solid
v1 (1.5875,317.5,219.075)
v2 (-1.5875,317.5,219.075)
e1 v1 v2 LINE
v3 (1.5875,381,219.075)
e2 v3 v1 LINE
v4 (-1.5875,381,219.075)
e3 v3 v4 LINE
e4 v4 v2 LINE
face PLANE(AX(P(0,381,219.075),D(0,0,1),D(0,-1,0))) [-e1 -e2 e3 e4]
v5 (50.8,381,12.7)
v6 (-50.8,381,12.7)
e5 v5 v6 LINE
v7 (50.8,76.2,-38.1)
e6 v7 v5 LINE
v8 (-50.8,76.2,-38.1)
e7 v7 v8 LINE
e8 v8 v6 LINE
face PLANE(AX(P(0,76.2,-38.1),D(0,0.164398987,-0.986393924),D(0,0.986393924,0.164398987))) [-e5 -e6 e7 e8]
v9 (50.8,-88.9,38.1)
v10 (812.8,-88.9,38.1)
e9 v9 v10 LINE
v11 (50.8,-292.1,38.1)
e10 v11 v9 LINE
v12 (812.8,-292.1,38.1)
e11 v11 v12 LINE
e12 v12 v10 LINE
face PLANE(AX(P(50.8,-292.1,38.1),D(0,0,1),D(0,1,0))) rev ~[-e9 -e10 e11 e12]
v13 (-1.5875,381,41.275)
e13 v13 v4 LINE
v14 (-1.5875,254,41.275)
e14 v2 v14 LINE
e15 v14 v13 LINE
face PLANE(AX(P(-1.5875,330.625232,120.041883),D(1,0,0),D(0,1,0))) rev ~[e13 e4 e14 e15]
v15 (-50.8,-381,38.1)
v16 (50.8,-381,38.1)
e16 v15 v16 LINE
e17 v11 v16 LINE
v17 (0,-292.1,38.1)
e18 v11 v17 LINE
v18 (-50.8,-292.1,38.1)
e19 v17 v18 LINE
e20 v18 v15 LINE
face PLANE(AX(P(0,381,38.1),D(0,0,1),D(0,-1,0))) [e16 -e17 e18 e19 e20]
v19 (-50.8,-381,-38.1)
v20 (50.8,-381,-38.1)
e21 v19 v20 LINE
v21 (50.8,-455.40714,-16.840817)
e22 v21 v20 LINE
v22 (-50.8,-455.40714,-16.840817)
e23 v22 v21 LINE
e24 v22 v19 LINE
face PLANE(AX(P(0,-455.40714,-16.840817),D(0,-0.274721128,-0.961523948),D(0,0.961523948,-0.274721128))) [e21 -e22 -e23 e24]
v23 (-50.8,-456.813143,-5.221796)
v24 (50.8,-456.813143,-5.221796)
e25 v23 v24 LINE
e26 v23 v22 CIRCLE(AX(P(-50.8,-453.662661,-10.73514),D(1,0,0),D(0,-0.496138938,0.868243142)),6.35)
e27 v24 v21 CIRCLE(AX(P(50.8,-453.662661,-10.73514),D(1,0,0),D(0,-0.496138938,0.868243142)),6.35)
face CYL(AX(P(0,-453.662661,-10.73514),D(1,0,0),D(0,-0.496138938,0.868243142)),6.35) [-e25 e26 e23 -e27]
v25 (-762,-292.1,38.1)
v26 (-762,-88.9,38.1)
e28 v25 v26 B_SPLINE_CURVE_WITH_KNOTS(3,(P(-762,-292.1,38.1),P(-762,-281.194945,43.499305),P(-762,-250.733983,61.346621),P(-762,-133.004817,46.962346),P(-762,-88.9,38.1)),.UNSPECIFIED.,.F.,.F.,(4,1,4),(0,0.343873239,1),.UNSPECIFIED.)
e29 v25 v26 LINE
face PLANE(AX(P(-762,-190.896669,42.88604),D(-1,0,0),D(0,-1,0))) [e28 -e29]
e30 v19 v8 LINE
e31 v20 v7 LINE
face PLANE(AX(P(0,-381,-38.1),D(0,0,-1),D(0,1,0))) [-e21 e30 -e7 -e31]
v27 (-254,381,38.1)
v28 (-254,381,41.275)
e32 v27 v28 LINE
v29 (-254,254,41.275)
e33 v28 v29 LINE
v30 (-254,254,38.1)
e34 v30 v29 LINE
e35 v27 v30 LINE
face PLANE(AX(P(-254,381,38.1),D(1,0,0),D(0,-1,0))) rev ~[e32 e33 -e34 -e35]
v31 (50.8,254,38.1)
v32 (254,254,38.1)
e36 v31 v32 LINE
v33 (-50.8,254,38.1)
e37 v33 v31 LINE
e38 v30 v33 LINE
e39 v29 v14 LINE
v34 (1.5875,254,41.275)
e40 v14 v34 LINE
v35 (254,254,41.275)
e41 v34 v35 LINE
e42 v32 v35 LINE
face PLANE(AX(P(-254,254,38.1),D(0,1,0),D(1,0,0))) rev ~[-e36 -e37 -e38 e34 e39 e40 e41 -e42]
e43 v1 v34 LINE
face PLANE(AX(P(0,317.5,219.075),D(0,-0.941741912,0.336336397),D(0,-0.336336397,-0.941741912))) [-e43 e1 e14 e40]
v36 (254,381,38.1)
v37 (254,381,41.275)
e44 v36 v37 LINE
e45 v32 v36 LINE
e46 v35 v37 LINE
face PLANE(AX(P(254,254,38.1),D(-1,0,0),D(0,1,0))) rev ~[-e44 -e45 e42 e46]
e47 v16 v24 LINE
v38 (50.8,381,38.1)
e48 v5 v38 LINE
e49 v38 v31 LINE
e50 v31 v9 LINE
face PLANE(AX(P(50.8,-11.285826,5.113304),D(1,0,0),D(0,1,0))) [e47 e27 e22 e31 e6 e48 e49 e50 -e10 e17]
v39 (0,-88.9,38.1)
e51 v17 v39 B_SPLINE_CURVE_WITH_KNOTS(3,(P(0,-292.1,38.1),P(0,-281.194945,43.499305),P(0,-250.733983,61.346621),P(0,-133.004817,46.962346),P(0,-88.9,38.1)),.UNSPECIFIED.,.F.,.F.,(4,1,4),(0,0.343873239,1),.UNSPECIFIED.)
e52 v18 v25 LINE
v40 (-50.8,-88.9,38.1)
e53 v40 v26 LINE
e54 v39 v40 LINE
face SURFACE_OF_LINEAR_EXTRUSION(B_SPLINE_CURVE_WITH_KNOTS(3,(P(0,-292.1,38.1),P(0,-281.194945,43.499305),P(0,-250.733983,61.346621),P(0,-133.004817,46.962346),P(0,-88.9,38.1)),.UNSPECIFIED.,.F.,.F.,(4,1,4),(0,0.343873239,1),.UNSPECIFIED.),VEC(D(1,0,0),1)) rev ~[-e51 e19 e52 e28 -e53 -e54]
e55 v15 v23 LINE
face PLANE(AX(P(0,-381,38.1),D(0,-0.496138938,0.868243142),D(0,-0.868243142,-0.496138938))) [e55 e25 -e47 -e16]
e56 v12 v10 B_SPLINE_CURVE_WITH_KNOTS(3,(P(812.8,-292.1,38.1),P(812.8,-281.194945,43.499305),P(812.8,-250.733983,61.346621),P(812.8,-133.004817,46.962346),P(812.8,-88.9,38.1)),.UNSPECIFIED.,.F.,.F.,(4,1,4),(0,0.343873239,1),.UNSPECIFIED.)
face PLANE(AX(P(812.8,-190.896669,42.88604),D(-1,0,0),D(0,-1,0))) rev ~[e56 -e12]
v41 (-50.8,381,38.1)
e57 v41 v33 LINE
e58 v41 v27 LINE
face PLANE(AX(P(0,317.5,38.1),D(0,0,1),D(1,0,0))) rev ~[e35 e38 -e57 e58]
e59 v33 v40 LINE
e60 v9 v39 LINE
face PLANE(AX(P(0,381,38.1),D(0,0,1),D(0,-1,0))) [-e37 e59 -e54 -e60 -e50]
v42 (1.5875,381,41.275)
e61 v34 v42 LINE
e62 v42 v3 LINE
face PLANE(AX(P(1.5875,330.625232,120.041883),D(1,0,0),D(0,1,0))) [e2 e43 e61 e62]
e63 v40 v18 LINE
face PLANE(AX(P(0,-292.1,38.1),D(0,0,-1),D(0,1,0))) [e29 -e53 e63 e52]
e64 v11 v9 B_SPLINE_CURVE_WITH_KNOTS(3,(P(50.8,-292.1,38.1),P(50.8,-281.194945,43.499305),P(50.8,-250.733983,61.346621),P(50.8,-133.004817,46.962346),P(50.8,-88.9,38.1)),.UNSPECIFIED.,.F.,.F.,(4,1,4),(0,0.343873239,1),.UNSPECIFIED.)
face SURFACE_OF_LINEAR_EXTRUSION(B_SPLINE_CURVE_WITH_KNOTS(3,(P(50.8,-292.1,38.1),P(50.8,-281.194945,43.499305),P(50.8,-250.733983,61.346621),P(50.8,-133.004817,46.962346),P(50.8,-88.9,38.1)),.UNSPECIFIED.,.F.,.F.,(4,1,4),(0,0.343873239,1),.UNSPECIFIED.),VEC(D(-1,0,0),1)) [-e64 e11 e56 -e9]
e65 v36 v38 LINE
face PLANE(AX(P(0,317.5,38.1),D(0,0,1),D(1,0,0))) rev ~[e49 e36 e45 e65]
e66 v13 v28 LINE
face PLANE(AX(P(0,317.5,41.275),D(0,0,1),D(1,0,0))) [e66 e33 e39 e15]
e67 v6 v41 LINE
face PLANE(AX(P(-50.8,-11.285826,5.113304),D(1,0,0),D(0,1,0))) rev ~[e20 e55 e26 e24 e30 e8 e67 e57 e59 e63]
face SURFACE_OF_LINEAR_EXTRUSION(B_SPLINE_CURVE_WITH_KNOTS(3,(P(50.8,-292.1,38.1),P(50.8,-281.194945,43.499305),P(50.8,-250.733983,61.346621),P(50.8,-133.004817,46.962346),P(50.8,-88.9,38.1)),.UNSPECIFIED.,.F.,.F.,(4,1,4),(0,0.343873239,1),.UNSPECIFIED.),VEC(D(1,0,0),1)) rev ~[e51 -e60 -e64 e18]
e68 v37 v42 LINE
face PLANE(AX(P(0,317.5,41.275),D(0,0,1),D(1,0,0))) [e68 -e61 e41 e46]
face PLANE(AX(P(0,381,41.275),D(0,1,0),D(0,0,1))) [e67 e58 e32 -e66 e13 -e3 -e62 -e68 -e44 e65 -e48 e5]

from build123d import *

# Parameters (mm, degrees)
F1_DEPTH      = 50.8
F1_DEPTH_BACK = 50.8
F3_DEPTH      = 762
F3_DEPTH_BACK = 50.8
F4_DEPTH      = 762
F6_DEPTH      = 3.175
F8_DEPTH      = 1.5875
F8_DEPTH_BACK = 1.5875


with BuildPart() as f1:
    # F0 (on Right) → F1 (new body, two sides)
    with BuildSketch(Plane.YZ) as f1_sk:
        Polygon((381, 38.1), (-381, 38.1), (-381, -38.1), (76.2, -38.1), (381, 12.7), align=None)
        with BuildLine():
            Line((-381, -38.1), (-381, 38.1))
            Line((-381, 38.1), (-456.8131431755, -5.2217961003))
            ThreePointArc((-456.8131431755, -5.2217961003), (-459.966673464, -11.4979806695), (-455.407140079, -16.8408171203))
            Line((-455.407140079, -16.8408171203), (-381, -38.1))
        make_face()
    extrude(amount=F1_DEPTH)
    extrude(f1_sk.sketch, amount=-F1_DEPTH_BACK)

    # F2 (on face) → F3 (join, two sides)
    with BuildSketch(Plane.YZ.offset(50.8)) as f3_sk:
        with BuildLine():
            add(Edge.make_bspline(
                [(-292.1, 38.1), (-281.1949449618, 43.4993048445), (-250.7339826465, 61.3466214867), (-133.004817435, 46.9623463878), (-88.9, 38.1)],
                knots=[0, 0, 0, 0, 0.343873239, 1, 1, 1, 1], degree=3))
            Line((-292.1, 38.1), (-88.9, 38.1))
        make_face()
    extrude(amount=F3_DEPTH)
    extrude(f3_sk.sketch, amount=-F3_DEPTH_BACK)

    # F4 (add): a face of the model
    f4_faces = [f1.faces().sort_by_distance(p)[0] for p in [
        (0, -202.4475287343, 44.07819993),
    ]]
    extrude(f4_faces, amount=F4_DEPTH)

    # F5 (on face) → F6 (join)
    with BuildSketch(Plane.XY.offset(38.1)):
        Polygon((-254, 254), (0, 254), (254, 254), (254, 381), (0, 381), (-254, 381), align=None)
    extrude(amount=F6_DEPTH)

    # F7 (on Right) → F8 (join, two sides)
    with BuildSketch(Plane.YZ) as f8_sk:
        Polygon((317.5, 219.075), (254, 41.275), (381, 41.275), (381, 219.075), align=None)
    extrude(amount=F8_DEPTH)
    extrude(f8_sk.sketch, amount=-F8_DEPTH_BACK)


solid = f1.part
